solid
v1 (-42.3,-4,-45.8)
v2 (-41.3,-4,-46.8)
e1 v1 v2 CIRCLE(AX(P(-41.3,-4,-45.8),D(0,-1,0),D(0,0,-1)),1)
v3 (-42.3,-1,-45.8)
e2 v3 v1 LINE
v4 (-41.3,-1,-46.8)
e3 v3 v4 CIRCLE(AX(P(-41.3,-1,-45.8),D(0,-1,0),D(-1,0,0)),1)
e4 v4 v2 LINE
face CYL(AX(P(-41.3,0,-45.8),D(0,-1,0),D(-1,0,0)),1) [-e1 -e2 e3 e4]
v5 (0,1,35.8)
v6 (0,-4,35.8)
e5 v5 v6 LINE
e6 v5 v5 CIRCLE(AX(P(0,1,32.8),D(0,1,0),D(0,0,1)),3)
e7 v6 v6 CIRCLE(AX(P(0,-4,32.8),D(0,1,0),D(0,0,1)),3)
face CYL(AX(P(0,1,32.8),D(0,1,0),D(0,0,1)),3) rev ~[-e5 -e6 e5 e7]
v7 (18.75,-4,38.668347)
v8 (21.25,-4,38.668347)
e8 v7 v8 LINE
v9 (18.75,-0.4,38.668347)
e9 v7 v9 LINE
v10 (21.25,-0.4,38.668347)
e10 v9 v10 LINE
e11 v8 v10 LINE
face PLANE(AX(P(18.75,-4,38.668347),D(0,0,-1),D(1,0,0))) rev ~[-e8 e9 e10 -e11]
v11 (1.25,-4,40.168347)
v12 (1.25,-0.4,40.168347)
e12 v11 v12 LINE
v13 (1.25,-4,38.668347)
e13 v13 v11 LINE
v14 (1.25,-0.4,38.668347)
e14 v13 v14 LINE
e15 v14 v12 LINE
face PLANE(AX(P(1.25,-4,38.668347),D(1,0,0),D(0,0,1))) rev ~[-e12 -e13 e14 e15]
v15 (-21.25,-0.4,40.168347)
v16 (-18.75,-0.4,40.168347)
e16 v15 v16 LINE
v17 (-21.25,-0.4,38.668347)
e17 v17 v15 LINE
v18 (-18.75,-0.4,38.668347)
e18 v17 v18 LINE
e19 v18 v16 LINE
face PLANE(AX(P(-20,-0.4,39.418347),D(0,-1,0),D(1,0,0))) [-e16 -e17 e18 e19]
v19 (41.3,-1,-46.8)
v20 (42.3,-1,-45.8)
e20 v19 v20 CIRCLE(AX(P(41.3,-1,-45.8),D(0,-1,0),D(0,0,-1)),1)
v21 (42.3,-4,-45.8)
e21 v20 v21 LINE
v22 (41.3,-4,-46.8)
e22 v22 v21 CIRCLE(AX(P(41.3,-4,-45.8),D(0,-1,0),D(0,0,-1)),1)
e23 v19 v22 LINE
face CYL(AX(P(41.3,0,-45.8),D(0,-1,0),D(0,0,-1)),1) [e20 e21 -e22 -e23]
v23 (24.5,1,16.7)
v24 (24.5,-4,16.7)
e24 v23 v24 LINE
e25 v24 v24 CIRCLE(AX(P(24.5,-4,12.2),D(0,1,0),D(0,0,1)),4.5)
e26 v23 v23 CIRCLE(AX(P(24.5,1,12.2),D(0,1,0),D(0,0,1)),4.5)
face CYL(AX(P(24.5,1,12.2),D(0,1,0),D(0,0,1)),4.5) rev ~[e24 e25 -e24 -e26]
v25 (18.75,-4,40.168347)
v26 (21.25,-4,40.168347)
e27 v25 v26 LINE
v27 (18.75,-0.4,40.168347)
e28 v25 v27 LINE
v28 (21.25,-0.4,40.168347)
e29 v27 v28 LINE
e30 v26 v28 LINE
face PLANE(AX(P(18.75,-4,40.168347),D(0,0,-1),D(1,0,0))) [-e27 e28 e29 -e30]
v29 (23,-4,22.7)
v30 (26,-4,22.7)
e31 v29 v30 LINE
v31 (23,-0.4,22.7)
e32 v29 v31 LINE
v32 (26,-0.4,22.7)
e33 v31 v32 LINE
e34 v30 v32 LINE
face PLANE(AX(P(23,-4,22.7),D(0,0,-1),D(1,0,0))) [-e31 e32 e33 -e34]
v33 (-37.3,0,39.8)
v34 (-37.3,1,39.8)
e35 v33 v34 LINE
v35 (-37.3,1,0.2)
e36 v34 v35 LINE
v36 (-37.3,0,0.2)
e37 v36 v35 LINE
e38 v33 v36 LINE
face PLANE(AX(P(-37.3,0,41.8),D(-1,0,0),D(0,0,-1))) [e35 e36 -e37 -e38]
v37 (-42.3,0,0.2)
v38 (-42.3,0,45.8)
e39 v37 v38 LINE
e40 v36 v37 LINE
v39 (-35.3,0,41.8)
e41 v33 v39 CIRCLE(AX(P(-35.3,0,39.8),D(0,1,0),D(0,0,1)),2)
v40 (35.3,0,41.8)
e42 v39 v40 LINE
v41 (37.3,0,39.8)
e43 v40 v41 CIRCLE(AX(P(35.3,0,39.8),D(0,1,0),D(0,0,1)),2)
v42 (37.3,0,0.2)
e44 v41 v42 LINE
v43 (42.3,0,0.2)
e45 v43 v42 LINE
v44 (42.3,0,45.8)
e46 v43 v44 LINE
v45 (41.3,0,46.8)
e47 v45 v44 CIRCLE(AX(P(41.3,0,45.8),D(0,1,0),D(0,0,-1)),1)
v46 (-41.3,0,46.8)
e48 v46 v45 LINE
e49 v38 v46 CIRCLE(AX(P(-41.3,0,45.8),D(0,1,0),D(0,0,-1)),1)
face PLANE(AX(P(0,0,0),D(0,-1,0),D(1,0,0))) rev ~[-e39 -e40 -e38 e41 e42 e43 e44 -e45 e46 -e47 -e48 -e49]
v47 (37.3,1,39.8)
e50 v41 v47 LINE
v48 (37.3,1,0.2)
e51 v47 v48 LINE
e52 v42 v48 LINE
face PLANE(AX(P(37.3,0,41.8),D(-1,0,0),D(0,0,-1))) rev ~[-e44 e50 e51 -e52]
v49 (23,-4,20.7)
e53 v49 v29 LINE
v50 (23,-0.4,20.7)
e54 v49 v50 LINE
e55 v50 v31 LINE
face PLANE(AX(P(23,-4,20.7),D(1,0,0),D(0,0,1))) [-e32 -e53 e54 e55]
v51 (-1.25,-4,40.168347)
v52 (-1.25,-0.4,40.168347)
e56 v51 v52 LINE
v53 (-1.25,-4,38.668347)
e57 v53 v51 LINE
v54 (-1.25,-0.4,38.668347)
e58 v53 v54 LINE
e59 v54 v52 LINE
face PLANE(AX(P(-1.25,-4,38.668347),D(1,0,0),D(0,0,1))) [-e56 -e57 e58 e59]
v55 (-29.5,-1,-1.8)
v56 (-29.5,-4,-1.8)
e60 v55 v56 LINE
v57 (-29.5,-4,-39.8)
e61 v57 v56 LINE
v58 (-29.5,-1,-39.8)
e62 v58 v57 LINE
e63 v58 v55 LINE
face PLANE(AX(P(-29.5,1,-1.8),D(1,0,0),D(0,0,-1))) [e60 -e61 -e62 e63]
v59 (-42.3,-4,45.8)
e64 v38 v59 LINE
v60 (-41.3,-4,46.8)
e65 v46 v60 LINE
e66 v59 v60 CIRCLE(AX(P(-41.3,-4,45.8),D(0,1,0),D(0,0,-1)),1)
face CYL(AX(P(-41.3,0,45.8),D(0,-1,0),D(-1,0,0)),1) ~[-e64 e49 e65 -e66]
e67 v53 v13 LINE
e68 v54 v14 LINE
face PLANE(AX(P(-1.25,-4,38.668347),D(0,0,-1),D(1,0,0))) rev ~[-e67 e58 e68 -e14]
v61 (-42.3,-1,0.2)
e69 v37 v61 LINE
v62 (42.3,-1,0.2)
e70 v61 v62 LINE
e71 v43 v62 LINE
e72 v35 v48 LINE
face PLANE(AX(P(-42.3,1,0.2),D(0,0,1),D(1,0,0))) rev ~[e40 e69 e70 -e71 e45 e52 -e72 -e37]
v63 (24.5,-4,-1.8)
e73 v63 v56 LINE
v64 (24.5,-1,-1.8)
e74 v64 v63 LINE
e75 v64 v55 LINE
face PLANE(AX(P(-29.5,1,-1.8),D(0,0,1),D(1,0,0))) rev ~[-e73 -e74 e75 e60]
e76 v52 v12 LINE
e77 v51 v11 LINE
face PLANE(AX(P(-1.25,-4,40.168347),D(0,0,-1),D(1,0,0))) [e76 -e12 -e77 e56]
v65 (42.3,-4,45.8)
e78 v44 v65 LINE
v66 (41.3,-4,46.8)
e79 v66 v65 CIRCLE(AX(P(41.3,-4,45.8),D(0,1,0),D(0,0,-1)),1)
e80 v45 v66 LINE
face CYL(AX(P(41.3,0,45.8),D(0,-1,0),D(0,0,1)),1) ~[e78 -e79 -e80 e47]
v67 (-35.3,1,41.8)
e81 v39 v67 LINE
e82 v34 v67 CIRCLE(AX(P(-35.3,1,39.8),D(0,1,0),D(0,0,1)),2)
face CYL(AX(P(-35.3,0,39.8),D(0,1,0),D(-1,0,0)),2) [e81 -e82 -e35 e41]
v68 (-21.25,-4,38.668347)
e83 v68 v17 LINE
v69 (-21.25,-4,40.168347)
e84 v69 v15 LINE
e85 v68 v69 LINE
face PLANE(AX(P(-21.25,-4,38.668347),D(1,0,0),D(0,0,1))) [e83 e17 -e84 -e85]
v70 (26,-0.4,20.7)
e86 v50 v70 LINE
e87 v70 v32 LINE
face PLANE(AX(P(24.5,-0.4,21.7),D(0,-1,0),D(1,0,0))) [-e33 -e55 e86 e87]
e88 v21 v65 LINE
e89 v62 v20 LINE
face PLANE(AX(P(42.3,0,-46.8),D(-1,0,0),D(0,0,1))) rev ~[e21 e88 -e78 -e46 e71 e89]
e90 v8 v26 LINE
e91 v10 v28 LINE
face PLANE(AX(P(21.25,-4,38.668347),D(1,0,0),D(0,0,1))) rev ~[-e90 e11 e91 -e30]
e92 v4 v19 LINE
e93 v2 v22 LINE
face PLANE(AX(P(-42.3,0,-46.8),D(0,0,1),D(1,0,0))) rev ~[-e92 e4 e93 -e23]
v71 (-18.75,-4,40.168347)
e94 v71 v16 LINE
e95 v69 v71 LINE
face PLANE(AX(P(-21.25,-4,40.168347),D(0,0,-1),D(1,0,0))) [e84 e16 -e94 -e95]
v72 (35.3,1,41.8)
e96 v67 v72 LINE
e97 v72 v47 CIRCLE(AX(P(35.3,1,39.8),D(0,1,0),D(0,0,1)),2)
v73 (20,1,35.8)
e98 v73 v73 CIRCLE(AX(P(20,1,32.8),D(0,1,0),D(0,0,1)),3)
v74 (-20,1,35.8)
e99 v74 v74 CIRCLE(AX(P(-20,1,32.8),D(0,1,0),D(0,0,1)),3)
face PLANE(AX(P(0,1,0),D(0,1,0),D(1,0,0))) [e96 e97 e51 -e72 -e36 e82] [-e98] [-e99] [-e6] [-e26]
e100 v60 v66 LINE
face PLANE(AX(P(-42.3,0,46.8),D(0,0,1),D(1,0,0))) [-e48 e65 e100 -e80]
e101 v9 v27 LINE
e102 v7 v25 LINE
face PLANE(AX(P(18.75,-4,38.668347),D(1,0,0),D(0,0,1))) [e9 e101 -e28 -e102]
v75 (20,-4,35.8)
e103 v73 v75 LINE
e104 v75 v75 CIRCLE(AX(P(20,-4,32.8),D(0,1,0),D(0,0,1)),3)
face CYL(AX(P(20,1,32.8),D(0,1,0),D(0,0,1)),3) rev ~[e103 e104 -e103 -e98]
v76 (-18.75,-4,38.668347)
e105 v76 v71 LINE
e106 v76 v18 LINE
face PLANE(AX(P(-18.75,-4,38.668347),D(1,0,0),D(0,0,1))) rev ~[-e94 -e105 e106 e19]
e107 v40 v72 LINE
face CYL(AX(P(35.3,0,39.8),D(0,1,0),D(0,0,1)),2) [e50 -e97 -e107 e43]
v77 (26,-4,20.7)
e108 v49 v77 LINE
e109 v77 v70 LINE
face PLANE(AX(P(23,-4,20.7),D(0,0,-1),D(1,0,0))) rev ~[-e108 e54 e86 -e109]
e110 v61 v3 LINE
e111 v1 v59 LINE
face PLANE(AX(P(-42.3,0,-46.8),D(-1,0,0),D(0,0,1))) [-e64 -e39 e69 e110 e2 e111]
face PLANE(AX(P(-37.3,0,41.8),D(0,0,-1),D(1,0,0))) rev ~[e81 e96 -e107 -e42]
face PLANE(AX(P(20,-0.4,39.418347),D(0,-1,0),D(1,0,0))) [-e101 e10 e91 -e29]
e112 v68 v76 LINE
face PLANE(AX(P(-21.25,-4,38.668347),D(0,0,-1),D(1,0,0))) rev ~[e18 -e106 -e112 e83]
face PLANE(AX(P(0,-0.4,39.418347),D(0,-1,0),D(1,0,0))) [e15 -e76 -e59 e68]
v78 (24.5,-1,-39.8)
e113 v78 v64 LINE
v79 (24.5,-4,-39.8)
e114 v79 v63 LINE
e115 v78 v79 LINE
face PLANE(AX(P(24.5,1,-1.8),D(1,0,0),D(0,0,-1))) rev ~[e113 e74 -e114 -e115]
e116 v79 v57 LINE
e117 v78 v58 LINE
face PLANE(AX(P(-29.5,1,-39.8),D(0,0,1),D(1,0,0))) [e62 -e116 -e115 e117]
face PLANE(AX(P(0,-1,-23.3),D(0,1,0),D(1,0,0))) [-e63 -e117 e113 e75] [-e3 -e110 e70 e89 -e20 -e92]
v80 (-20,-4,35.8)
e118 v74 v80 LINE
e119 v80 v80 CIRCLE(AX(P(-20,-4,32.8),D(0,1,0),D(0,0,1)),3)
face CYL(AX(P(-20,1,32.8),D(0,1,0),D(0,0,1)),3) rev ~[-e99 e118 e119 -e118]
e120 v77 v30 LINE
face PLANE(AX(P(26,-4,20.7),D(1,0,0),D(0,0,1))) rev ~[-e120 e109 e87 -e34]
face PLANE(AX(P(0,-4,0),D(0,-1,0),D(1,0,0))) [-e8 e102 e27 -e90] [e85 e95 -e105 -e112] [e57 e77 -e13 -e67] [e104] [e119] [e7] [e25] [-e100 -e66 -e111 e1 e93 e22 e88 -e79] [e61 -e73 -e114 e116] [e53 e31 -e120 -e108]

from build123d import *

# Parameters (mm, degrees)
SKETCH_1_W          = 74.6
SKETCH_1_H          = 83.6
EXTRUDE_1_DEPTH     = 1
FILLET_1_R          = 2
SKETCH_2_W          = 84.6
SKETCH_2_H          = 93.6
EXTRUDE_2_DEPTH     = 4
FILLET_2_R          = 1
SKETCH_3_R          = 3
SKETCH_3_R_2        = 4.5
SKETCH_3_W          = 54
SKETCH_3_H          = 38
CUT_EXTRUDE_1_DEPTH = 64.281355864
SKETCH_4_W          = 84.6
SKETCH_4_H          = 47
CUT_EXTRUDE_2_DEPTH = 2
SKETCH_5_W          = 2.5
SKETCH_5_H          = 1.5
SKETCH_5_W_2        = 3
SKETCH_5_H_2        = 2
CUT_EXTRUDE_3_DEPTH = 3.6


with BuildPart() as part:
    # Эскиз1 → Бобышка-Вытянуть1 (new body)
    with BuildSketch(Plane(origin=(0, 0, 0), x_dir=(1, 0, 0), z_dir=(0, 1, 0))):
        Rectangle(SKETCH_1_W, SKETCH_1_H)
    extrude(amount=EXTRUDE_1_DEPTH)

    # Скругление1
    fillet_1_edges = [part.edges().sort_by_distance(p)[0] for p in [
        (37.3, 0.5, 41.8),
        (-37.3, 0.5, 41.8),
        (-37.3, 0.5, -41.8),
        (37.3, 0.5, -41.8),
    ]]
    fillet(fillet_1_edges, radius=FILLET_1_R)

    # Эскиз2 → Бобышка-Вытянуть2 (add)
    with BuildSketch(Plane.XZ):
        Rectangle(SKETCH_2_W, SKETCH_2_H)
    extrude(amount=EXTRUDE_2_DEPTH)

    # Скругление2
    fillet_2_edges = [part.edges().sort_by_distance(p)[0] for p in [
        (-42.3, -2, 46.8),
        (-42.3, -2, -46.8),
        (42.3, -2, -46.8),
        (42.3, -2, 46.8),
    ]]
    fillet(fillet_2_edges, radius=FILLET_2_R)

    # Эскиз3 → Вырез-Вытянуть1 (cut, through all)
    with BuildSketch(Plane(origin=(0, 1, 0), x_dir=(1, 0, 0), z_dir=(0, 1, 0))):
        with Locations(Location((-20, -32.8, 0), (0, 0, 270))):
            Circle(SKETCH_3_R)
        with Locations(Location((0, -32.8, 0), (0, 0, 270))):
            Circle(SKETCH_3_R)
        with Locations(Location((20, -32.8, 0), (0, 0, 270))):
            Circle(SKETCH_3_R)
        with Locations(Location((24.5, -12.2, 0), (0, 0, 270))):
            Circle(SKETCH_3_R_2)
        with Locations((-2.5, 20.8)):
            Rectangle(SKETCH_3_W, SKETCH_3_H)
    extrude(amount=-CUT_EXTRUDE_1_DEPTH, mode=Mode.SUBTRACT)

    # Эскиз4 → Вырез-Вытянуть2 (cut)
    with BuildSketch(Plane(origin=(0, 1, 0), x_dir=(1, 0, 0), z_dir=(0, 1, 0))):
        with Locations((0, 23.3)):
            Rectangle(SKETCH_4_W, SKETCH_4_H)
    extrude(amount=-CUT_EXTRUDE_2_DEPTH, mode=Mode.SUBTRACT)

    # Эскиз5 → Вырез-Вытянуть3 (cut)
    with BuildSketch(Plane.XZ.offset(4)):
        with Locations((-20, 39.418347297)):
            Rectangle(SKETCH_5_W, SKETCH_5_H)
        with Locations((0, 39.418347297)):
            Rectangle(SKETCH_5_W, SKETCH_5_H)
        with Locations((20, 39.418347297)):
            Rectangle(SKETCH_5_W, SKETCH_5_H)
        with Locations((24.5, 21.7)):
            Rectangle(SKETCH_5_W_2, SKETCH_5_H_2)
    extrude(amount=-CUT_EXTRUDE_3_DEPTH, mode=Mode.SUBTRACT)


solid = part.part
